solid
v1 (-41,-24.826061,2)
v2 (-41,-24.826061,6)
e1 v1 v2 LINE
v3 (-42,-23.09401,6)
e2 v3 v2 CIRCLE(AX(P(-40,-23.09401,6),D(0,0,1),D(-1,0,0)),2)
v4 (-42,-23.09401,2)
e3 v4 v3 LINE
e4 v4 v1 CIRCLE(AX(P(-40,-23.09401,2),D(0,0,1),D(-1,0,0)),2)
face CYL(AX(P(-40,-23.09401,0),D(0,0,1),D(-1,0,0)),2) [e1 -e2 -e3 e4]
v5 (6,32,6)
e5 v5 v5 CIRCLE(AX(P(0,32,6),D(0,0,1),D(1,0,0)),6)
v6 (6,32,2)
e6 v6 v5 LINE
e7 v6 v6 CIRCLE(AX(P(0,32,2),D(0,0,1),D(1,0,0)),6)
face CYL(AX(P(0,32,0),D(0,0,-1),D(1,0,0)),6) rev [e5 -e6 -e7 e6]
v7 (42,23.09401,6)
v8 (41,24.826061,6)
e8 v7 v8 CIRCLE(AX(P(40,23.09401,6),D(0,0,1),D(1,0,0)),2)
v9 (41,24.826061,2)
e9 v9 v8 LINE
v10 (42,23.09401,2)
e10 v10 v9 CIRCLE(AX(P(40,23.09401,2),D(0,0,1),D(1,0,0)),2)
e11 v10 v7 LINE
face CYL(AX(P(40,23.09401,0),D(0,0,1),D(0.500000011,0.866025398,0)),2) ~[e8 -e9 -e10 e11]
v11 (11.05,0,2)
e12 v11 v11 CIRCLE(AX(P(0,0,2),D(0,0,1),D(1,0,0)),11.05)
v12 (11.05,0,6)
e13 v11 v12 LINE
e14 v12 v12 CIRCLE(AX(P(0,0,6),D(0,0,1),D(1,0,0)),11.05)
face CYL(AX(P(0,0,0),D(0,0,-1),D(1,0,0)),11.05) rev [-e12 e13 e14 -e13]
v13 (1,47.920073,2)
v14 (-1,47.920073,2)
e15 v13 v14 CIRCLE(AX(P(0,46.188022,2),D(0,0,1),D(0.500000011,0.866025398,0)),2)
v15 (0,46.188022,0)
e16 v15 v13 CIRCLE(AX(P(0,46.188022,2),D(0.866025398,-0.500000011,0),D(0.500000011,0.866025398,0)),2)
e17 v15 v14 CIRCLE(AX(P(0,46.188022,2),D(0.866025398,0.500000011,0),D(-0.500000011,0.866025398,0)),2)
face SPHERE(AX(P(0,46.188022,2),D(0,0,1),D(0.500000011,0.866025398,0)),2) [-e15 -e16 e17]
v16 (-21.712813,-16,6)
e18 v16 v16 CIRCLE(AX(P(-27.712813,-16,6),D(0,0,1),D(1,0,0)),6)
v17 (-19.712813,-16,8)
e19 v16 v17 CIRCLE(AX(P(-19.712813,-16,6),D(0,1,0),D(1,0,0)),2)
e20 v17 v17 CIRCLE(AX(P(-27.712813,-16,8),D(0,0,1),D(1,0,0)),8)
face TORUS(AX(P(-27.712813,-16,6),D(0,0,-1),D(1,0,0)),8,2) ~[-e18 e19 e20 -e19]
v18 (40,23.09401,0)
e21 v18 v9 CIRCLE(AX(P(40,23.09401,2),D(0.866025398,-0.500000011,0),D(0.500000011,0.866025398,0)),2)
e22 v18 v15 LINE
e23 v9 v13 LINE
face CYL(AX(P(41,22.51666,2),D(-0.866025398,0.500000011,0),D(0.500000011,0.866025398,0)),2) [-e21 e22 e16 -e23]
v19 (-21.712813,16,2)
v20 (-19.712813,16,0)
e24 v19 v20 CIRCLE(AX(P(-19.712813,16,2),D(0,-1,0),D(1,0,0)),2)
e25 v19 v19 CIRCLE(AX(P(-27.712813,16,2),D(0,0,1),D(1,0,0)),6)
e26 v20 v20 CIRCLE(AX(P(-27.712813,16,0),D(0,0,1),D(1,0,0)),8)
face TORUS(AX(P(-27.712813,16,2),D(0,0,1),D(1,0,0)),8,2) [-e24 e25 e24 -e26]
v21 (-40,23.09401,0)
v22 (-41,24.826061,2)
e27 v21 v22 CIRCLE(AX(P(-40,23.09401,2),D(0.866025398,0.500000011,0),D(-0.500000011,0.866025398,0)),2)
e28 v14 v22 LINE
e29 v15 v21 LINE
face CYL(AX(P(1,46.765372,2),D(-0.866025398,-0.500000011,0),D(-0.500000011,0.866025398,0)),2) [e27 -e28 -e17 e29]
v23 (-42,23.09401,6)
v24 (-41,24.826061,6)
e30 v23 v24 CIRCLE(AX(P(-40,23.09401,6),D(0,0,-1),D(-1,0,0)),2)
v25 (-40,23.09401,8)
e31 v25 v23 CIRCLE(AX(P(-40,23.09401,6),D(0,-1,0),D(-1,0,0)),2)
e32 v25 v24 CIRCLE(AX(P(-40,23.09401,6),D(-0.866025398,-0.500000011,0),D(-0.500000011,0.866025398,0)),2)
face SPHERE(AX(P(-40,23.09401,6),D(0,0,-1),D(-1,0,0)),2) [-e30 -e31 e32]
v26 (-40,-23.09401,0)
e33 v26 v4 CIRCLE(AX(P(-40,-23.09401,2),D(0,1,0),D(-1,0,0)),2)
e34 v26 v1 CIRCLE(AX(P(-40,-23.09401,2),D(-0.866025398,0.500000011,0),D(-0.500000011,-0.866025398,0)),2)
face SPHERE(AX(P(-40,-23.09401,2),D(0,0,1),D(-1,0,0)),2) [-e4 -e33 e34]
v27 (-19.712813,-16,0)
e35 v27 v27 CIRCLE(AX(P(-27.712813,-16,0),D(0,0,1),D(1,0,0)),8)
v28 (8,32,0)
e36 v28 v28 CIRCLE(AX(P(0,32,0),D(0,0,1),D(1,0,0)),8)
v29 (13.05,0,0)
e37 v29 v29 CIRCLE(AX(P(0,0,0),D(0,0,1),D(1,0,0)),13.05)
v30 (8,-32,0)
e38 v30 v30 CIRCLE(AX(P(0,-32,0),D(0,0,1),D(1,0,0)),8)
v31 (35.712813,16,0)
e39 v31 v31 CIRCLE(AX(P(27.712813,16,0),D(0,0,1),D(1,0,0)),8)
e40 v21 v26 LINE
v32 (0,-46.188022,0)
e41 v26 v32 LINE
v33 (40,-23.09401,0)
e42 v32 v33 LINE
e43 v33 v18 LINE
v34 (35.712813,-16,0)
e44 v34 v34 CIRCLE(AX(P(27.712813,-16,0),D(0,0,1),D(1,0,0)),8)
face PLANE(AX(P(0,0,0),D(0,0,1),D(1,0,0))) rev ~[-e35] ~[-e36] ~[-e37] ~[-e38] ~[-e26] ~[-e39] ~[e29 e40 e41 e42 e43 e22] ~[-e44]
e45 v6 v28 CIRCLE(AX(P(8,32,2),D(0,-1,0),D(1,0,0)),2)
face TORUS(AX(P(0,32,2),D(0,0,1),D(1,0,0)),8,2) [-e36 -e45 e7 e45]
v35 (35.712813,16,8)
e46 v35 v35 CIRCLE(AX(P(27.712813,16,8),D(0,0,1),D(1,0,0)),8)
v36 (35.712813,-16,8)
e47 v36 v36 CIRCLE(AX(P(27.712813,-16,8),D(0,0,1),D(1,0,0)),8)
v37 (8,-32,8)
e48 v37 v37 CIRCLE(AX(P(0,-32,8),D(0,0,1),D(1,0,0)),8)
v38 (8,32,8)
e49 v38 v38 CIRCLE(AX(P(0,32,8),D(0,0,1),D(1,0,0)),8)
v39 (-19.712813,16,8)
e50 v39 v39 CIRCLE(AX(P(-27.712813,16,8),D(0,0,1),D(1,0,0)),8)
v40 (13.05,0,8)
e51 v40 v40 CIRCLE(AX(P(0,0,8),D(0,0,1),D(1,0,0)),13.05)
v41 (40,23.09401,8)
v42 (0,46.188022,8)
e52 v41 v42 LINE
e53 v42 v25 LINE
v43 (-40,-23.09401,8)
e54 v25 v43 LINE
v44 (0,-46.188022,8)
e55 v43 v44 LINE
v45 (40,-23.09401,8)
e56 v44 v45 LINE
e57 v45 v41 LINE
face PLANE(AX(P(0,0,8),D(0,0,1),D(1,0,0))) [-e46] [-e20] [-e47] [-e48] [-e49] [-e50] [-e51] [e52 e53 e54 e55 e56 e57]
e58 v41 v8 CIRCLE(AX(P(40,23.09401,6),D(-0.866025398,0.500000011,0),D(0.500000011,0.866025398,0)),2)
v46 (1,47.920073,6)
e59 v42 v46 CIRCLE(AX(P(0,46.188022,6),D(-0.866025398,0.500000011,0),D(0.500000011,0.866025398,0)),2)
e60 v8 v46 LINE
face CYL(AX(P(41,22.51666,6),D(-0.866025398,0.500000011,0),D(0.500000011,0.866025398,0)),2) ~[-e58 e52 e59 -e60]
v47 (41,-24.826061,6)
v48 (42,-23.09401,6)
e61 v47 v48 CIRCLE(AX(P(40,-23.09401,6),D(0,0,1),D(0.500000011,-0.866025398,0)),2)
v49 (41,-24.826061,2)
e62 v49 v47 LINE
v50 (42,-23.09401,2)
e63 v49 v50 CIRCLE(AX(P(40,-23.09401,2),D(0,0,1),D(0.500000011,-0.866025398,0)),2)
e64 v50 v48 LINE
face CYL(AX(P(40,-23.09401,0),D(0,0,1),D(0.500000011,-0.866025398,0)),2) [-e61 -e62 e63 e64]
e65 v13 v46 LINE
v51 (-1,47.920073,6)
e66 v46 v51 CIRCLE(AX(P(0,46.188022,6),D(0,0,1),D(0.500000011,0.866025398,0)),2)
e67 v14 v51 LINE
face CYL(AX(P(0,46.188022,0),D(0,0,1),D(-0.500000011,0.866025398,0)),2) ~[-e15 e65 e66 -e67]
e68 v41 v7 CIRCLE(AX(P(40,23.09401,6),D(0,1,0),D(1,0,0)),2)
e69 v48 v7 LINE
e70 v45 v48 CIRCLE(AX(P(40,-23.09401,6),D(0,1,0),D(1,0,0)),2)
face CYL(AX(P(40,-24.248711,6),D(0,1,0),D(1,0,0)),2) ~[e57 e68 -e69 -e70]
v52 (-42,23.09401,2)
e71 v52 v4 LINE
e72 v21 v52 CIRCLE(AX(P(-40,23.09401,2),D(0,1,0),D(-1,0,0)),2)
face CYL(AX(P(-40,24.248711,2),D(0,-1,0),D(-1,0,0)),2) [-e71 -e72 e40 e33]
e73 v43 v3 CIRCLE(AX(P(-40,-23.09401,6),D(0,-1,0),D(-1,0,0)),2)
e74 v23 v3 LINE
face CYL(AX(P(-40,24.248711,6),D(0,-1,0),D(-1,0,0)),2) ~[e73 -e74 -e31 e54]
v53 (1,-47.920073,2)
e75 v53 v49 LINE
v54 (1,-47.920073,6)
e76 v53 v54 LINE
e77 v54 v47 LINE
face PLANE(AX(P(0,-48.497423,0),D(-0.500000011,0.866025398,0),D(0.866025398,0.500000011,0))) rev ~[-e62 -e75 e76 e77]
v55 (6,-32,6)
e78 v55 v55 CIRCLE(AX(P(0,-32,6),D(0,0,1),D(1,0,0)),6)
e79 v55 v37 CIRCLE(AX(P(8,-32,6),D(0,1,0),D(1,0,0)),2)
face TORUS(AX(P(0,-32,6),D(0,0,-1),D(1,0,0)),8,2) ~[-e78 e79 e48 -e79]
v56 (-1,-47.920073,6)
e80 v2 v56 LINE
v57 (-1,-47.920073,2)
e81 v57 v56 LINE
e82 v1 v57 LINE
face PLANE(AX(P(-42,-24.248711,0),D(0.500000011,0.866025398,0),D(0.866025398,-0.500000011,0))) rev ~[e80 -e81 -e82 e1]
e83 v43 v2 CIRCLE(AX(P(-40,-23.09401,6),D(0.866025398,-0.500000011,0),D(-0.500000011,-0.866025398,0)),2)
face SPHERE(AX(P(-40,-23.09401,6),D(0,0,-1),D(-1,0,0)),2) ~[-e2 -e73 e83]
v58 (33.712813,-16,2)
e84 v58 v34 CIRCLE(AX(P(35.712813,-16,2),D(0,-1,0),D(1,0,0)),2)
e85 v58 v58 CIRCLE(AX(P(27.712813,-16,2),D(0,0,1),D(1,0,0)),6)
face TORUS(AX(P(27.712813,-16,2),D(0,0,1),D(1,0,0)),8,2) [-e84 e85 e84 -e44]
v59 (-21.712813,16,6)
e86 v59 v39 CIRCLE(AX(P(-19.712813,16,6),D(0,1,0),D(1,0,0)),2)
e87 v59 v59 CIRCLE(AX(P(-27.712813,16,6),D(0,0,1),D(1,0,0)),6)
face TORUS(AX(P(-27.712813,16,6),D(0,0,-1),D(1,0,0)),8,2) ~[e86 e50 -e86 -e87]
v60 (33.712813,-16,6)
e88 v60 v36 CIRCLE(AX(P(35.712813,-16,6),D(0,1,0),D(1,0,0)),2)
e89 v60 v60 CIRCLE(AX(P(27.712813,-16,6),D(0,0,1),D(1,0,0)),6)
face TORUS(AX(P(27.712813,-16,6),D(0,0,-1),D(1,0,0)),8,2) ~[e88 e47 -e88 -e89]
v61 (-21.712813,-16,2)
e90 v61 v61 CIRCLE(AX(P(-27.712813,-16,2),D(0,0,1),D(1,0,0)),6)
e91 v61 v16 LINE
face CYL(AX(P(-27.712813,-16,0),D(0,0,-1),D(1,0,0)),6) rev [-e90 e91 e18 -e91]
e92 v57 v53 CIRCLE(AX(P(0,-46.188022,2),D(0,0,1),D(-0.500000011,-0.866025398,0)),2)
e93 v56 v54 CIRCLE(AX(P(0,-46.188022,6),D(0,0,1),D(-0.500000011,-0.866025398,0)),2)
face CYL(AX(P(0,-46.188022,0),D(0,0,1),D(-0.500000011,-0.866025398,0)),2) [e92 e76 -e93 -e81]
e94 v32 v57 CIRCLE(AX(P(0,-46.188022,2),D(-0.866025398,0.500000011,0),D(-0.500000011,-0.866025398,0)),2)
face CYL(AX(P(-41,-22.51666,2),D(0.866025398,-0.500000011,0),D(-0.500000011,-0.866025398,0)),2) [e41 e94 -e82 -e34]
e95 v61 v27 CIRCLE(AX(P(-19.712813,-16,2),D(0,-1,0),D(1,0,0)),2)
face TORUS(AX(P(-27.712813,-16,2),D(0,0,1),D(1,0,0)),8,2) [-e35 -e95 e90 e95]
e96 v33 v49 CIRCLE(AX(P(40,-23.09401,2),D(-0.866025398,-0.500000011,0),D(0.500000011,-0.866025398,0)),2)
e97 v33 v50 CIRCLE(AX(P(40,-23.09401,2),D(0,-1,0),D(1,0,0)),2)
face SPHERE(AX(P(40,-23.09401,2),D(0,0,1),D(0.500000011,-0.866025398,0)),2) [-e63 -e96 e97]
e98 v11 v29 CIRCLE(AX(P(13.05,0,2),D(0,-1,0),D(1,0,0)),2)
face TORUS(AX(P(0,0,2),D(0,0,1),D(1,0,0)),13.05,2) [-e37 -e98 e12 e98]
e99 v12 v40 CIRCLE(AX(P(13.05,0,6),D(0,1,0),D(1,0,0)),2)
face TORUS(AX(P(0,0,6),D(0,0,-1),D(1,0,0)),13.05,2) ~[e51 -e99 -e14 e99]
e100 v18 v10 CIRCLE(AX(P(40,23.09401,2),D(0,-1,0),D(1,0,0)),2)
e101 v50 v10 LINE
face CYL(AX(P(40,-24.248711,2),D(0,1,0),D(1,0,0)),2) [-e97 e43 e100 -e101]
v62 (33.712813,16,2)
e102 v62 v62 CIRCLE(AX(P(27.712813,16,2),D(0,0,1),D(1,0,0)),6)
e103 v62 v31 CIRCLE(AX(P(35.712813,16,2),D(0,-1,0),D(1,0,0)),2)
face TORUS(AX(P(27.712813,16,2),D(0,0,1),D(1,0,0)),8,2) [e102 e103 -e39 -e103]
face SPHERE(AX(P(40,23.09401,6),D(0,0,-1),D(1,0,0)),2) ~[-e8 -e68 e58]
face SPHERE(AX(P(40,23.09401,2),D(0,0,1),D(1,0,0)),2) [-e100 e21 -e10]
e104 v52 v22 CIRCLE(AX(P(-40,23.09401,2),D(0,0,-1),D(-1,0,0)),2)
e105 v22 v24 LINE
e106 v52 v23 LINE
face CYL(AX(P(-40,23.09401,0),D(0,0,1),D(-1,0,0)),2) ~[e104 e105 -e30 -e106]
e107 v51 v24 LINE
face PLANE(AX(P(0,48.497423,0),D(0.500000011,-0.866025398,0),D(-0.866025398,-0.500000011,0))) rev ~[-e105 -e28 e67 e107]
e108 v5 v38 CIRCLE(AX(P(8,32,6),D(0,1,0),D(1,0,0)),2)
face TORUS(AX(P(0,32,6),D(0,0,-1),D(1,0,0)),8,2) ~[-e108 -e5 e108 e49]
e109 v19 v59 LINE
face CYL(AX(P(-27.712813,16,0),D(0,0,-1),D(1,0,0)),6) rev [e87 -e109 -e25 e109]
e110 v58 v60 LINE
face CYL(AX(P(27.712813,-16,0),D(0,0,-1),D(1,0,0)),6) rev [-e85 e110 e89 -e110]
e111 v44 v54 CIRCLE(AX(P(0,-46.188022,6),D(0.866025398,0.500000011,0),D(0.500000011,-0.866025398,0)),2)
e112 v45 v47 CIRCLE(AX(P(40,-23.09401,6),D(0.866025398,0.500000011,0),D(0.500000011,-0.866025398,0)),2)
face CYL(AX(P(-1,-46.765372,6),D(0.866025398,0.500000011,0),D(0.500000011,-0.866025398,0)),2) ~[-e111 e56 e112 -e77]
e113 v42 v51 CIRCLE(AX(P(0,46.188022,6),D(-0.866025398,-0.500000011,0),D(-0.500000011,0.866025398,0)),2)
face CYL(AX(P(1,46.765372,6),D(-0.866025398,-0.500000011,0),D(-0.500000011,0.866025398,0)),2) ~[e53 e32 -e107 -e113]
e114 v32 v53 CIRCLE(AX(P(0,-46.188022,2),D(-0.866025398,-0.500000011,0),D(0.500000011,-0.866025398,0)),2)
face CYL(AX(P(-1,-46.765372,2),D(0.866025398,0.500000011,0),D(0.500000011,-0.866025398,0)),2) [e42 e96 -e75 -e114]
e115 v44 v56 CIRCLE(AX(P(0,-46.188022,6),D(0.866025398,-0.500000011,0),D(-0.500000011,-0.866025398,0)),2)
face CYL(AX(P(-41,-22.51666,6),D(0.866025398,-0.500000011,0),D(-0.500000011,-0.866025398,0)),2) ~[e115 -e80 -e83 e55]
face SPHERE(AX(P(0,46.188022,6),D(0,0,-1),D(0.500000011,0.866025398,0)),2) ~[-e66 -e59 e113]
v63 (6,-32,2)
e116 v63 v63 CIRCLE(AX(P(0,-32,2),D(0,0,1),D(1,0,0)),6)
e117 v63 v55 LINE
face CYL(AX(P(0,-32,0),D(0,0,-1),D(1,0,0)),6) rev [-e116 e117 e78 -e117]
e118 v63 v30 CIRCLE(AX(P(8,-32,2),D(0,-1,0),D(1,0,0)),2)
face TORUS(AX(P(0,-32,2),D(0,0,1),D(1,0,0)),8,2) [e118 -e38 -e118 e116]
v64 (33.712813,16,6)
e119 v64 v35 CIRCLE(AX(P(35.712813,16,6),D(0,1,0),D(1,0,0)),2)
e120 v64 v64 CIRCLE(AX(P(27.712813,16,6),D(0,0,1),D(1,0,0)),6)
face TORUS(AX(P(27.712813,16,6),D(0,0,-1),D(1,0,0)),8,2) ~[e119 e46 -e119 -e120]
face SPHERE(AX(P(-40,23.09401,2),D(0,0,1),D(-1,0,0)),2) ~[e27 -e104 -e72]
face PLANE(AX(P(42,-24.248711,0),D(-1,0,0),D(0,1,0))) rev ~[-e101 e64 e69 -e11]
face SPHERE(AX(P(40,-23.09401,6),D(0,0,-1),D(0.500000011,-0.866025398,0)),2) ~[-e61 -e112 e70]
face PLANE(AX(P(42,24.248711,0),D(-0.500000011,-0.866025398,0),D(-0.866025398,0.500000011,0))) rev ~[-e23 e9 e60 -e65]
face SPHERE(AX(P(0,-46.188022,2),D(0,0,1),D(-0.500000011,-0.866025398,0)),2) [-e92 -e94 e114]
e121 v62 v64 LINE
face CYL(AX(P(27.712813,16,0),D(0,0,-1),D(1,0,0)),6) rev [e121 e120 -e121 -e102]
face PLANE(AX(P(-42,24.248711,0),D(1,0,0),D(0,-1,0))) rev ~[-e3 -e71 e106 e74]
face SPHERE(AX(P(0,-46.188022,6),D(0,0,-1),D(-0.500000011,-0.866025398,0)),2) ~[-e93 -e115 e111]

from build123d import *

# Parameters (mm, degrees)
F0_R     = 6
F0_R_2   = 11.05
F1_DEPTH = 8
F2_R     = 2


with BuildPart() as f1:
    # F0 (on Top) → F1 (new body)
    with BuildSketch(Plane.XY):
        Polygon((-42, 24.248711), (-42, -24.248711), (0, -48.497423), (42, -24.248711), (42, 24.248711), (0, 48.497423), align=None)
        with Locations((-27.712813, -16)):
            Circle(F0_R, mode=Mode.SUBTRACT)
        with Locations((0, -32)):
            Circle(F0_R, mode=Mode.SUBTRACT)
        with Locations((27.712813, -16)):
            Circle(F0_R, mode=Mode.SUBTRACT)
        with Locations((-27.712813, 16)):
            Circle(F0_R, mode=Mode.SUBTRACT)
        Circle(F0_R_2, mode=Mode.SUBTRACT)
        with Locations((27.712813, 16)):
            Circle(F0_R, mode=Mode.SUBTRACT)
        with Locations((0, 32)):
            Circle(F0_R, mode=Mode.SUBTRACT)
    extrude(amount=F1_DEPTH)

    # F2
    f2_edges = [f1.edges().sort_by_distance(p)[0] for p in [
        (-42, 0, 8),
        (-21, -36.373067, 8),
        (21, -36.373067, 8),
        (42, 0, 8),
        (21, 36.373067, 8),
        (-21, 36.373067, 8),
        (-33.712813, -16, 8),
        (-6, -32, 8),
        (21.712813, -16, 8),
        (-33.712813, 16, 8),
        (-11.05, 0, 8),
        (21.712813, 16, 8),
        (-6, 32, 8),
        (-42, 0, 0),
        (-21, -36.373067, 0),
        (21, -36.373067, 0),
        (42, 0, 0),
        (21, 36.373067, 0),
        (-21, 36.373067, 0),
        (-33.712813, -16, 0),
        (-6, -32, 0),
        (21.712813, -16, 0),
        (-33.712813, 16, 0),
        (-11.05, 0, 0),
        (21.712813, 16, 0),
        (-6, 32, 0),
        (0, -48.497423, 4),
        (42, -24.248711, 4),
        (42, 24.248711, 4),
        (0, 48.497423, 4),
        (-42, 24.248711, 4),
        (-42, -24.248711, 4),
    ]]
    fillet(f2_edges, radius=F2_R)


solid = f1.part
